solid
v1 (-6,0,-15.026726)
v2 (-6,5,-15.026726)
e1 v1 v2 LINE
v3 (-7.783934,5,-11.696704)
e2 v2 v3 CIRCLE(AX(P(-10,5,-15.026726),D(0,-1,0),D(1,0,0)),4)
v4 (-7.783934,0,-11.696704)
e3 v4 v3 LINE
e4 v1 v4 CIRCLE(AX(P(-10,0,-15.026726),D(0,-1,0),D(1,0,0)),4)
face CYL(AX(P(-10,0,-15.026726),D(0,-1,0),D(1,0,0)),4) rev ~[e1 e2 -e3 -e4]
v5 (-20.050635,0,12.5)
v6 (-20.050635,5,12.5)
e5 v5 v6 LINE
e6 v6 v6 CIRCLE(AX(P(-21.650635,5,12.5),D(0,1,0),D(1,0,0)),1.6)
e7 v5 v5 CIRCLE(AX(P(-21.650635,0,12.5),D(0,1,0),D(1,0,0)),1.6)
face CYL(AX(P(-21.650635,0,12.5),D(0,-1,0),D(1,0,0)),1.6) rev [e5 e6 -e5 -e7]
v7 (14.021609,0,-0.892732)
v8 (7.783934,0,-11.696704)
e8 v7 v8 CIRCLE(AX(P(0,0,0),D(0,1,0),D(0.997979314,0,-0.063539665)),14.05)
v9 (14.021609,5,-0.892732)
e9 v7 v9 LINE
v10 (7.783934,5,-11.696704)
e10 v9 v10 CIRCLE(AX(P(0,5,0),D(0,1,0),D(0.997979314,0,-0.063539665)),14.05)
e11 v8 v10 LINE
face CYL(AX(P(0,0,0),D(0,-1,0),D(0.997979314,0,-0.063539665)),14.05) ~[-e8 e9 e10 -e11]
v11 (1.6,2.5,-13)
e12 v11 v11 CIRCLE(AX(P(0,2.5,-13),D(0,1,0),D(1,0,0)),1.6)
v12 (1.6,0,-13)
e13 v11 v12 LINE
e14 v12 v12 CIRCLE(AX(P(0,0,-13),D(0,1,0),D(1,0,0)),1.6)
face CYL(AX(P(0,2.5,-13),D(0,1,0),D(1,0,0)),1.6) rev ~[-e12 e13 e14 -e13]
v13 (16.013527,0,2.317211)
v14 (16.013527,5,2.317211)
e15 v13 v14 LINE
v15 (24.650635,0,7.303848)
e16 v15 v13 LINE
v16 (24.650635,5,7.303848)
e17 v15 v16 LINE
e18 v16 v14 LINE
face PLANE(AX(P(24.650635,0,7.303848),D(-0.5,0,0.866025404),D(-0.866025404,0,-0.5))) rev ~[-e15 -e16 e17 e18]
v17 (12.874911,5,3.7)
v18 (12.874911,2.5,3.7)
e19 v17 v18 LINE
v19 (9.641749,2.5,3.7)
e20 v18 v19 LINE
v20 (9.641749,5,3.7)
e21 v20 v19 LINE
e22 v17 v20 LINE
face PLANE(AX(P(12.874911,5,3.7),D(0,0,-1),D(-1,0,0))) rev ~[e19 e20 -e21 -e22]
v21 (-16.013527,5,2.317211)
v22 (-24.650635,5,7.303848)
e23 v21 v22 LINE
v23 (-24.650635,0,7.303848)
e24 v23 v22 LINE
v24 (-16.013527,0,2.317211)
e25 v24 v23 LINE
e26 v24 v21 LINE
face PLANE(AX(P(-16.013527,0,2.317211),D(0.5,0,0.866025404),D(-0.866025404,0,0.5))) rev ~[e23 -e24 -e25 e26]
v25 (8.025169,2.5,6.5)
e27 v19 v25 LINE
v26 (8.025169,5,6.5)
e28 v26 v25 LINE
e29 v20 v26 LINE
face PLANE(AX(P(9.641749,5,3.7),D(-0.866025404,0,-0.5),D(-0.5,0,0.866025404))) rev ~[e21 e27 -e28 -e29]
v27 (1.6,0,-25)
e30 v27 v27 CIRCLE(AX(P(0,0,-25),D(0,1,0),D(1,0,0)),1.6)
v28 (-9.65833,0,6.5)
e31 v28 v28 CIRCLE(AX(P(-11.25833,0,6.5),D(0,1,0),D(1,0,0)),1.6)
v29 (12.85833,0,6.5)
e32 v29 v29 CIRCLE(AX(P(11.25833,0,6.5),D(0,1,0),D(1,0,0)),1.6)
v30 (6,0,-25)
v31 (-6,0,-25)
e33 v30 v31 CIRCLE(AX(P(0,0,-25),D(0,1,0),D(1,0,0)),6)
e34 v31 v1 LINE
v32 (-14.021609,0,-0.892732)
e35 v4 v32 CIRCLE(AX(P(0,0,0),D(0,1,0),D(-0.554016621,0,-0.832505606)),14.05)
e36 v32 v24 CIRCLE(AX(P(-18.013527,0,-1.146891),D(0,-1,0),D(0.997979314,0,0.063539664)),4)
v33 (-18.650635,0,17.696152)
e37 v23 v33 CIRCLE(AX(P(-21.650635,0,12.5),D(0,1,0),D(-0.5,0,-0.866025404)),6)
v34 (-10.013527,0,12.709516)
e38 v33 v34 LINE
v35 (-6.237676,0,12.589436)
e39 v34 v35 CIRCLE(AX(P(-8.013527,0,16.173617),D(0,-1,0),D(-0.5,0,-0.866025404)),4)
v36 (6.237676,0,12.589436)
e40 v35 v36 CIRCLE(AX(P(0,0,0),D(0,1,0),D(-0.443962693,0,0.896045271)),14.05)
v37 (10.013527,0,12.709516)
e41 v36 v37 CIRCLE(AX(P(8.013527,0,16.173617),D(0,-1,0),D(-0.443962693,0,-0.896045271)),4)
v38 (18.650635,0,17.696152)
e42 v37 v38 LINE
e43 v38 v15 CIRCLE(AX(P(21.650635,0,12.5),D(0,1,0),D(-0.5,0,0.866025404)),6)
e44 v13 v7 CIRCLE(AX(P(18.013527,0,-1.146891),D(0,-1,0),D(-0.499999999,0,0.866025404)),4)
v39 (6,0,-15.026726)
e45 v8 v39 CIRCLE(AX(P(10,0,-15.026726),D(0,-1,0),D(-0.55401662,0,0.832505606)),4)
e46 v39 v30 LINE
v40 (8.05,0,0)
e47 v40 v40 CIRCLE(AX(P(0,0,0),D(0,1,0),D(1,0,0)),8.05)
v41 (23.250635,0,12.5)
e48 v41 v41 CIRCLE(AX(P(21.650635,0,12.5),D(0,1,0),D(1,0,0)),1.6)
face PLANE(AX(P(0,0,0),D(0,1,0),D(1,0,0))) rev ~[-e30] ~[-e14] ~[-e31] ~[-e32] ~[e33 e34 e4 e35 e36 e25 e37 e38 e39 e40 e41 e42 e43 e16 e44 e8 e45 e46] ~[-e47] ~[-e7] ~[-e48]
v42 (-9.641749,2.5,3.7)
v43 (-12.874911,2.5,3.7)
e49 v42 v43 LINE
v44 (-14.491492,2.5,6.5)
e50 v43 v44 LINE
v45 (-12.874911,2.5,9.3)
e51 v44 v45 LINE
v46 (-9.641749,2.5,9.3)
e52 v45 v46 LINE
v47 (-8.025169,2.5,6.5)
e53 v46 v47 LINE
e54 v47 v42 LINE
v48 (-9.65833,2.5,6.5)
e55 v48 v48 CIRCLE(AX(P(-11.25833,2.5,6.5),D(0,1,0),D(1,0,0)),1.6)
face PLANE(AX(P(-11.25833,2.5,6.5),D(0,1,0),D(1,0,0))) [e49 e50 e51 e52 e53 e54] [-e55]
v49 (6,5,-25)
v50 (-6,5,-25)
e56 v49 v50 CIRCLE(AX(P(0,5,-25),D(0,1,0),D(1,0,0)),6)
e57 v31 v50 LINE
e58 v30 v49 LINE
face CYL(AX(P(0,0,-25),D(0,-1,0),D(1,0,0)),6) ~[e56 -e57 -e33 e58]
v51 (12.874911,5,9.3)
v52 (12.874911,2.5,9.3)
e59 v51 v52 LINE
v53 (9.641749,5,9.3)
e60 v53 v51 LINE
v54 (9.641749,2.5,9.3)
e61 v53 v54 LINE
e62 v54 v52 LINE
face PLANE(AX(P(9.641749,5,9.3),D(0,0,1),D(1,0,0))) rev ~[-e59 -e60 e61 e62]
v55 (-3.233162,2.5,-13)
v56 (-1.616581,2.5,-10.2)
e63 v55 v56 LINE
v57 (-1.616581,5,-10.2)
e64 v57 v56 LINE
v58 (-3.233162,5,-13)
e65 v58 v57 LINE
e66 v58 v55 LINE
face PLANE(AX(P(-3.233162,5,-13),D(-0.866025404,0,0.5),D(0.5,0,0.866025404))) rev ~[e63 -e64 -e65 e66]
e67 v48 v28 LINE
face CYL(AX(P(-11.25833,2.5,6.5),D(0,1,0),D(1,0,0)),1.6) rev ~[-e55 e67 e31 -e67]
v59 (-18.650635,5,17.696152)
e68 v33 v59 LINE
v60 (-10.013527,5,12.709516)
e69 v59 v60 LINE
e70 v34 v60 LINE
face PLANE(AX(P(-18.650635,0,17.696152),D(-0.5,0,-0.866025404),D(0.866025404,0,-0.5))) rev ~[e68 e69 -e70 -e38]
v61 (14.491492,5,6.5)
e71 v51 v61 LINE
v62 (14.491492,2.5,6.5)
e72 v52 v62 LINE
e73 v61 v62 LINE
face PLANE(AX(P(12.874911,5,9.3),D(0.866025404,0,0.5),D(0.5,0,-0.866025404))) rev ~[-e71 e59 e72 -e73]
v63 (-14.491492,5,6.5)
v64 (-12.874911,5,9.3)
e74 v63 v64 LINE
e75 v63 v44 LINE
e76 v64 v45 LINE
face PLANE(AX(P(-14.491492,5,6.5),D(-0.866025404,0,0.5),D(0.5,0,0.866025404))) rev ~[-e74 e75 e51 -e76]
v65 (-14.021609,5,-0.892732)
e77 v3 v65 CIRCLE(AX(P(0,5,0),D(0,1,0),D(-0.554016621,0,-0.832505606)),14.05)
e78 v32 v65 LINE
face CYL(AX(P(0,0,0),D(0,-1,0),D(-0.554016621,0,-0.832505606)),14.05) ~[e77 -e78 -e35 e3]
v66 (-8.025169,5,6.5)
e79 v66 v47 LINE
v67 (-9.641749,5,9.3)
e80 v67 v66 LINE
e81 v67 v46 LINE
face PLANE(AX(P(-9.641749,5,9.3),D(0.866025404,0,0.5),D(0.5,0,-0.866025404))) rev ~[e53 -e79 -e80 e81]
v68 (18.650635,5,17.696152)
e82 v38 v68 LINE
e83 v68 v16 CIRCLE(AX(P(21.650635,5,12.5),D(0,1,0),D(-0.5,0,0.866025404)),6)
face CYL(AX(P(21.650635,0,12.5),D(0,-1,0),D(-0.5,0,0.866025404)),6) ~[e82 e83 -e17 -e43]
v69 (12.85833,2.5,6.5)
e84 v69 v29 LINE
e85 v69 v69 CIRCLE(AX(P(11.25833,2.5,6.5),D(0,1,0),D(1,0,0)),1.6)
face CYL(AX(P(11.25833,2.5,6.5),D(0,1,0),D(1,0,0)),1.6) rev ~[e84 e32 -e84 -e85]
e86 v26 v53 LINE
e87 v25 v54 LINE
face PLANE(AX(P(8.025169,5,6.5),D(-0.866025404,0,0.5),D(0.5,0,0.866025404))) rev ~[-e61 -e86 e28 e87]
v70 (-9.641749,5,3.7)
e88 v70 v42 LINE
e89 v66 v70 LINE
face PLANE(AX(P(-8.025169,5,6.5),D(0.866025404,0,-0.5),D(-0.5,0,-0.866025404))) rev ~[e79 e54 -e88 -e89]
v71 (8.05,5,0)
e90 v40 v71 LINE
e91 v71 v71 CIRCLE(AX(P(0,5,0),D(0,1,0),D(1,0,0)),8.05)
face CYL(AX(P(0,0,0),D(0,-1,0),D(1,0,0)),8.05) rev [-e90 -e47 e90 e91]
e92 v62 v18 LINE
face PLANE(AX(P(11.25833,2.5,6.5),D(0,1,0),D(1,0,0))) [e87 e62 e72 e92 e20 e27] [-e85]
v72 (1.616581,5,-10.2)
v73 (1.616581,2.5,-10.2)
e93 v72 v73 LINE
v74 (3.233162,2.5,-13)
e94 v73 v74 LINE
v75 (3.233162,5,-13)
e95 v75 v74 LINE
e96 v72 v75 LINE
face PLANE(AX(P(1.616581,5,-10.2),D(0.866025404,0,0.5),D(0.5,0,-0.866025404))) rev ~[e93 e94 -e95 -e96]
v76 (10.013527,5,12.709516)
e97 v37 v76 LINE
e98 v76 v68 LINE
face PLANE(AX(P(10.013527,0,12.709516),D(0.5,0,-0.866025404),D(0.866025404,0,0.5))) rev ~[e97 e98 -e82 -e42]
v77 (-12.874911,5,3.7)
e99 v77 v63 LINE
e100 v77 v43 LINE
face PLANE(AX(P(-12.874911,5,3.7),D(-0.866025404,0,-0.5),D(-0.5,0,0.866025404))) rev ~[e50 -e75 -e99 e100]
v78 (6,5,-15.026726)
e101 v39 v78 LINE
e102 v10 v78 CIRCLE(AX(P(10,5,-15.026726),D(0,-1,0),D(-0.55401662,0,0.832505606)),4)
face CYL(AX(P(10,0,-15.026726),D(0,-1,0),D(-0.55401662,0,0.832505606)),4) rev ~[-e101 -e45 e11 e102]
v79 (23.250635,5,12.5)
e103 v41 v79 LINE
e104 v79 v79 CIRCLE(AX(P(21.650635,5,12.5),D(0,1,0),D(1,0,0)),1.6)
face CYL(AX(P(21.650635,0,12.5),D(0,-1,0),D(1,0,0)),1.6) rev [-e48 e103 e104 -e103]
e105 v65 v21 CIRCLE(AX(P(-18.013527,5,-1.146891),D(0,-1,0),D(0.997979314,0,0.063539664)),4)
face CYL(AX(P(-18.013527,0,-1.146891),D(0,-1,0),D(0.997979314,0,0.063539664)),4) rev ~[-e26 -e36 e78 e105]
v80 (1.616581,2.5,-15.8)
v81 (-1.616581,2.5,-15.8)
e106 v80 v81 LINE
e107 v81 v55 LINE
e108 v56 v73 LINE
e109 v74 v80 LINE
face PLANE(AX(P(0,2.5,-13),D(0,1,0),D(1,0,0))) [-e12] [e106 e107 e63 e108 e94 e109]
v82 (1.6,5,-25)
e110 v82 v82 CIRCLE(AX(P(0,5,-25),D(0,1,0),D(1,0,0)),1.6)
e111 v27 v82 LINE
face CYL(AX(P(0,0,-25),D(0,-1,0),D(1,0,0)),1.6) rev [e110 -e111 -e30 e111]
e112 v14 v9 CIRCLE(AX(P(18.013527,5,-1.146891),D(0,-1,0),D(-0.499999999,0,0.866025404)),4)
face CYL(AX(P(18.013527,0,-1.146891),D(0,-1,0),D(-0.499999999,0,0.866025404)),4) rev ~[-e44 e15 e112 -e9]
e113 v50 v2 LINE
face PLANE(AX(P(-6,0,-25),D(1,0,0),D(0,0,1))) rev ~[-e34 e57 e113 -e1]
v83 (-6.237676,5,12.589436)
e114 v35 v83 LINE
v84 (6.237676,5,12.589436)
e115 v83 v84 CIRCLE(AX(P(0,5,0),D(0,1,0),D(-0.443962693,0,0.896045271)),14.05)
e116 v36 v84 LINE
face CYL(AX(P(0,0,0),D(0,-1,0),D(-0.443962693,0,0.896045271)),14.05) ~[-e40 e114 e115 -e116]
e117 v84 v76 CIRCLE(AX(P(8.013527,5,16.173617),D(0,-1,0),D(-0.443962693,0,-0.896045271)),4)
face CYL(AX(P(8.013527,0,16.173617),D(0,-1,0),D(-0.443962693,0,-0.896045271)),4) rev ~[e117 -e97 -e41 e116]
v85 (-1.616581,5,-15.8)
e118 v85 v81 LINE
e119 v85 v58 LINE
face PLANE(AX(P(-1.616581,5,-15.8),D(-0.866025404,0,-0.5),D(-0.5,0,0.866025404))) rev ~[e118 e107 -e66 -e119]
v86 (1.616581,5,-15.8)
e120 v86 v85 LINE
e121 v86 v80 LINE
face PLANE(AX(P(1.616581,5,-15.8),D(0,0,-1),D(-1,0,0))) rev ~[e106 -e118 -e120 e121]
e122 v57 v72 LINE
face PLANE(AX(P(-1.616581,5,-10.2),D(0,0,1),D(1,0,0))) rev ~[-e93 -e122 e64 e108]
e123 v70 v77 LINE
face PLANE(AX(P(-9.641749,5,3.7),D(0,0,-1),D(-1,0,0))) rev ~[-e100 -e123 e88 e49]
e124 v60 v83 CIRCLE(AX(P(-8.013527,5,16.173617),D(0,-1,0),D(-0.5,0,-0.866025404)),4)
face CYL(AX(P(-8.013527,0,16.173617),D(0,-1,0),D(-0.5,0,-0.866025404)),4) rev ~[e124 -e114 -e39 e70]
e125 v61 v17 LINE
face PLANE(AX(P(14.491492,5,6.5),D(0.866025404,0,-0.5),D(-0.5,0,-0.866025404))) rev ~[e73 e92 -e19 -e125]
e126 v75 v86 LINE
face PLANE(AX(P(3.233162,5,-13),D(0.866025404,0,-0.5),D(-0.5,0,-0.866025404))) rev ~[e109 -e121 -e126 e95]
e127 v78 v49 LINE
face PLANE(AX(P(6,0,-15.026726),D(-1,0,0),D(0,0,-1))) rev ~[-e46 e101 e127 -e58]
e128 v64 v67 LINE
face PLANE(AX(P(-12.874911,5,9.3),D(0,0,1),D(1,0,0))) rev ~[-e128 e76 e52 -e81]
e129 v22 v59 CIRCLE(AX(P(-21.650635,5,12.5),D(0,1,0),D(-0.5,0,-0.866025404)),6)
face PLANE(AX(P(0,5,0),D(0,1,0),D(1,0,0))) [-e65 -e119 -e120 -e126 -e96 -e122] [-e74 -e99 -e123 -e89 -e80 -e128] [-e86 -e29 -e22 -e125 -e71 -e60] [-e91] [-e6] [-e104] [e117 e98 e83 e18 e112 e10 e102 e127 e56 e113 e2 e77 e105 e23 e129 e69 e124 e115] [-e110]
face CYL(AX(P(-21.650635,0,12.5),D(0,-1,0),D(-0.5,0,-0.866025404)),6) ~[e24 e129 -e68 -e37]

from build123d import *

# Parameters (mm, degrees)
SKETCH1_R           = 8.05
SKETCH1_R_2         = 1.6
BOSS_EXTRUDE1_DEPTH = 5
CUT_EXTRUDE1_DEPTH  = 2.5
CUT_EXTRUDE2_REACH  = 4.5
SKETCH4_R           = 1.6


with BuildPart() as part:
    # Sketch1 → Boss-Extrude1 (new body)
    with BuildSketch(Plane(origin=(0, 0, 0), x_dir=(1, 0, 0), z_dir=(0, 1, 0))):
        with BuildLine():
            Line((24.650635095, -7.303847577), (16.013526617, -2.317210672))
            ThreePointArc((16.013526617, -2.317210672), (14.614747196, -0.962208024), (14.021609361, 0.892732285))
            ThreePointArc((14.021609361, 0.892732285), (12.167656923, 7.025), (7.783933518, 11.696703766))
            ThreePointArc((7.783933518, 11.696703766), (6.474077005, 13.137846354), (6, 15.02672619))
            Line((6, 15.02672619), (6, 25))
            ThreePointArc((6, 25), (0, 31), (-6, 25))
            Line((-6, 25), (-6, 15.02672619))
            ThreePointArc((-6, 15.02672619), (-6.474077005, 13.137846354), (-7.783933518, 11.696703766))
            ThreePointArc((-7.783933518, 11.696703766), (-12.167656923, 7.025), (-14.021609361, 0.892732285))
            ThreePointArc((-14.021609361, 0.892732285), (-14.614747196, -0.962208024), (-16.013526617, -2.317210672))
            Line((-16.013526617, -2.317210672), (-24.650635095, -7.303847577))
            ThreePointArc((-24.650635095, -7.303847577), (-26.846787517, -15.5), (-18.650635095, -17.696152423))
            Line((-18.650635095, -17.696152423), (-10.013526617, -12.709515518))
            ThreePointArc((-10.013526617, -12.709515518), (-8.140670191, -12.17563833), (-6.237675843, -12.589436051))
            ThreePointArc((-6.237675843, -12.589436051), (0, -14.05), (6.237675843, -12.589436051))
            ThreePointArc((6.237675843, -12.589436051), (8.140670191, -12.17563833), (10.013526617, -12.709515518))
            Line((10.013526617, -12.709515518), (18.650635095, -17.696152423))
            ThreePointArc((18.650635095, -17.696152423), (26.846787517, -15.5), (24.650635095, -7.303847577))
        make_face()
        Circle(SKETCH1_R, mode=Mode.SUBTRACT)
        with Locations((0, 25)):
            Circle(SKETCH1_R_2, mode=Mode.SUBTRACT)
        with Locations((21.650635095, -12.5)):
            Circle(SKETCH1_R_2, mode=Mode.SUBTRACT)
        with Locations((-21.650635095, -12.5)):
            Circle(SKETCH1_R_2, mode=Mode.SUBTRACT)
    extrude(amount=BOSS_EXTRUDE1_DEPTH)

    # Sketch3 → Cut-Extrude1 (cut)
    with BuildSketch(Plane(origin=(0, 5, 0), x_dir=(1, 0, 0), z_dir=(0, 1, 0))):
        Polygon((1.616580754, 15.8), (-1.616580754, 15.8), (-3.233161507, 13), (-1.616580754, 10.2), (1.616580754, 10.2), (3.233161507, 13), align=None)
        Polygon((-8.025168742, -6.5), (-9.641749495, -3.7), (-12.874911003, -3.7), (-14.491491757, -6.5), (-12.874911003, -9.3), (-9.641749495, -9.3), align=None)
        Polygon((14.491491757, -6.5), (12.874911003, -3.7), (9.641749495, -3.7), (8.025168742, -6.5), (9.641749495, -9.3), (12.874911003, -9.3), align=None)
    extrude(amount=-CUT_EXTRUDE1_DEPTH, mode=Mode.SUBTRACT)

    # Sketch4 → Cut-Extrude2 (cut, up to next)
    with BuildSketch(Plane(origin=(0, 2.5, 0), x_dir=(1, 0, 0), z_dir=(0, 1, 0)), mode=Mode.PRIVATE) as cut_extrude2_sk1:
        with Locations((0, 13)):
            Circle(SKETCH4_R)
    cut_extrude2_tool1 = extrude(cut_extrude2_sk1.sketch, amount=-CUT_EXTRUDE2_REACH, mode=Mode.PRIVATE) & part.part
    add(cut_extrude2_tool1.solids().sort_by_distance((0, 2.5, -13))[0], mode=Mode.SUBTRACT)
    # Sketch4 → Cut-Extrude2 (cut, up to next)
    with BuildSketch(Plane(origin=(0, 2.5, 0), x_dir=(1, 0, 0), z_dir=(0, 1, 0)), mode=Mode.PRIVATE) as cut_extrude2_sk2:
        with Locations((11.258330249, -6.5)):
            Circle(SKETCH4_R)
    cut_extrude2_tool2 = extrude(cut_extrude2_sk2.sketch, amount=-CUT_EXTRUDE2_REACH, mode=Mode.PRIVATE) & part.part
    add(cut_extrude2_tool2.solids().sort_by_distance((11.25833, 2.5, 6.5))[0], mode=Mode.SUBTRACT)
    # Sketch4 → Cut-Extrude2 (cut, up to next)
    with BuildSketch(Plane(origin=(0, 2.5, 0), x_dir=(1, 0, 0), z_dir=(0, 1, 0)), mode=Mode.PRIVATE) as cut_extrude2_sk3:
        with Locations((-11.258330249, -6.5)):
            Circle(SKETCH4_R)
    cut_extrude2_tool3 = extrude(cut_extrude2_sk3.sketch, amount=-CUT_EXTRUDE2_REACH, mode=Mode.PRIVATE) & part.part
    add(cut_extrude2_tool3.solids().sort_by_distance((-11.25833, 2.5, 6.5))[0], mode=Mode.SUBTRACT)


solid = part.part
